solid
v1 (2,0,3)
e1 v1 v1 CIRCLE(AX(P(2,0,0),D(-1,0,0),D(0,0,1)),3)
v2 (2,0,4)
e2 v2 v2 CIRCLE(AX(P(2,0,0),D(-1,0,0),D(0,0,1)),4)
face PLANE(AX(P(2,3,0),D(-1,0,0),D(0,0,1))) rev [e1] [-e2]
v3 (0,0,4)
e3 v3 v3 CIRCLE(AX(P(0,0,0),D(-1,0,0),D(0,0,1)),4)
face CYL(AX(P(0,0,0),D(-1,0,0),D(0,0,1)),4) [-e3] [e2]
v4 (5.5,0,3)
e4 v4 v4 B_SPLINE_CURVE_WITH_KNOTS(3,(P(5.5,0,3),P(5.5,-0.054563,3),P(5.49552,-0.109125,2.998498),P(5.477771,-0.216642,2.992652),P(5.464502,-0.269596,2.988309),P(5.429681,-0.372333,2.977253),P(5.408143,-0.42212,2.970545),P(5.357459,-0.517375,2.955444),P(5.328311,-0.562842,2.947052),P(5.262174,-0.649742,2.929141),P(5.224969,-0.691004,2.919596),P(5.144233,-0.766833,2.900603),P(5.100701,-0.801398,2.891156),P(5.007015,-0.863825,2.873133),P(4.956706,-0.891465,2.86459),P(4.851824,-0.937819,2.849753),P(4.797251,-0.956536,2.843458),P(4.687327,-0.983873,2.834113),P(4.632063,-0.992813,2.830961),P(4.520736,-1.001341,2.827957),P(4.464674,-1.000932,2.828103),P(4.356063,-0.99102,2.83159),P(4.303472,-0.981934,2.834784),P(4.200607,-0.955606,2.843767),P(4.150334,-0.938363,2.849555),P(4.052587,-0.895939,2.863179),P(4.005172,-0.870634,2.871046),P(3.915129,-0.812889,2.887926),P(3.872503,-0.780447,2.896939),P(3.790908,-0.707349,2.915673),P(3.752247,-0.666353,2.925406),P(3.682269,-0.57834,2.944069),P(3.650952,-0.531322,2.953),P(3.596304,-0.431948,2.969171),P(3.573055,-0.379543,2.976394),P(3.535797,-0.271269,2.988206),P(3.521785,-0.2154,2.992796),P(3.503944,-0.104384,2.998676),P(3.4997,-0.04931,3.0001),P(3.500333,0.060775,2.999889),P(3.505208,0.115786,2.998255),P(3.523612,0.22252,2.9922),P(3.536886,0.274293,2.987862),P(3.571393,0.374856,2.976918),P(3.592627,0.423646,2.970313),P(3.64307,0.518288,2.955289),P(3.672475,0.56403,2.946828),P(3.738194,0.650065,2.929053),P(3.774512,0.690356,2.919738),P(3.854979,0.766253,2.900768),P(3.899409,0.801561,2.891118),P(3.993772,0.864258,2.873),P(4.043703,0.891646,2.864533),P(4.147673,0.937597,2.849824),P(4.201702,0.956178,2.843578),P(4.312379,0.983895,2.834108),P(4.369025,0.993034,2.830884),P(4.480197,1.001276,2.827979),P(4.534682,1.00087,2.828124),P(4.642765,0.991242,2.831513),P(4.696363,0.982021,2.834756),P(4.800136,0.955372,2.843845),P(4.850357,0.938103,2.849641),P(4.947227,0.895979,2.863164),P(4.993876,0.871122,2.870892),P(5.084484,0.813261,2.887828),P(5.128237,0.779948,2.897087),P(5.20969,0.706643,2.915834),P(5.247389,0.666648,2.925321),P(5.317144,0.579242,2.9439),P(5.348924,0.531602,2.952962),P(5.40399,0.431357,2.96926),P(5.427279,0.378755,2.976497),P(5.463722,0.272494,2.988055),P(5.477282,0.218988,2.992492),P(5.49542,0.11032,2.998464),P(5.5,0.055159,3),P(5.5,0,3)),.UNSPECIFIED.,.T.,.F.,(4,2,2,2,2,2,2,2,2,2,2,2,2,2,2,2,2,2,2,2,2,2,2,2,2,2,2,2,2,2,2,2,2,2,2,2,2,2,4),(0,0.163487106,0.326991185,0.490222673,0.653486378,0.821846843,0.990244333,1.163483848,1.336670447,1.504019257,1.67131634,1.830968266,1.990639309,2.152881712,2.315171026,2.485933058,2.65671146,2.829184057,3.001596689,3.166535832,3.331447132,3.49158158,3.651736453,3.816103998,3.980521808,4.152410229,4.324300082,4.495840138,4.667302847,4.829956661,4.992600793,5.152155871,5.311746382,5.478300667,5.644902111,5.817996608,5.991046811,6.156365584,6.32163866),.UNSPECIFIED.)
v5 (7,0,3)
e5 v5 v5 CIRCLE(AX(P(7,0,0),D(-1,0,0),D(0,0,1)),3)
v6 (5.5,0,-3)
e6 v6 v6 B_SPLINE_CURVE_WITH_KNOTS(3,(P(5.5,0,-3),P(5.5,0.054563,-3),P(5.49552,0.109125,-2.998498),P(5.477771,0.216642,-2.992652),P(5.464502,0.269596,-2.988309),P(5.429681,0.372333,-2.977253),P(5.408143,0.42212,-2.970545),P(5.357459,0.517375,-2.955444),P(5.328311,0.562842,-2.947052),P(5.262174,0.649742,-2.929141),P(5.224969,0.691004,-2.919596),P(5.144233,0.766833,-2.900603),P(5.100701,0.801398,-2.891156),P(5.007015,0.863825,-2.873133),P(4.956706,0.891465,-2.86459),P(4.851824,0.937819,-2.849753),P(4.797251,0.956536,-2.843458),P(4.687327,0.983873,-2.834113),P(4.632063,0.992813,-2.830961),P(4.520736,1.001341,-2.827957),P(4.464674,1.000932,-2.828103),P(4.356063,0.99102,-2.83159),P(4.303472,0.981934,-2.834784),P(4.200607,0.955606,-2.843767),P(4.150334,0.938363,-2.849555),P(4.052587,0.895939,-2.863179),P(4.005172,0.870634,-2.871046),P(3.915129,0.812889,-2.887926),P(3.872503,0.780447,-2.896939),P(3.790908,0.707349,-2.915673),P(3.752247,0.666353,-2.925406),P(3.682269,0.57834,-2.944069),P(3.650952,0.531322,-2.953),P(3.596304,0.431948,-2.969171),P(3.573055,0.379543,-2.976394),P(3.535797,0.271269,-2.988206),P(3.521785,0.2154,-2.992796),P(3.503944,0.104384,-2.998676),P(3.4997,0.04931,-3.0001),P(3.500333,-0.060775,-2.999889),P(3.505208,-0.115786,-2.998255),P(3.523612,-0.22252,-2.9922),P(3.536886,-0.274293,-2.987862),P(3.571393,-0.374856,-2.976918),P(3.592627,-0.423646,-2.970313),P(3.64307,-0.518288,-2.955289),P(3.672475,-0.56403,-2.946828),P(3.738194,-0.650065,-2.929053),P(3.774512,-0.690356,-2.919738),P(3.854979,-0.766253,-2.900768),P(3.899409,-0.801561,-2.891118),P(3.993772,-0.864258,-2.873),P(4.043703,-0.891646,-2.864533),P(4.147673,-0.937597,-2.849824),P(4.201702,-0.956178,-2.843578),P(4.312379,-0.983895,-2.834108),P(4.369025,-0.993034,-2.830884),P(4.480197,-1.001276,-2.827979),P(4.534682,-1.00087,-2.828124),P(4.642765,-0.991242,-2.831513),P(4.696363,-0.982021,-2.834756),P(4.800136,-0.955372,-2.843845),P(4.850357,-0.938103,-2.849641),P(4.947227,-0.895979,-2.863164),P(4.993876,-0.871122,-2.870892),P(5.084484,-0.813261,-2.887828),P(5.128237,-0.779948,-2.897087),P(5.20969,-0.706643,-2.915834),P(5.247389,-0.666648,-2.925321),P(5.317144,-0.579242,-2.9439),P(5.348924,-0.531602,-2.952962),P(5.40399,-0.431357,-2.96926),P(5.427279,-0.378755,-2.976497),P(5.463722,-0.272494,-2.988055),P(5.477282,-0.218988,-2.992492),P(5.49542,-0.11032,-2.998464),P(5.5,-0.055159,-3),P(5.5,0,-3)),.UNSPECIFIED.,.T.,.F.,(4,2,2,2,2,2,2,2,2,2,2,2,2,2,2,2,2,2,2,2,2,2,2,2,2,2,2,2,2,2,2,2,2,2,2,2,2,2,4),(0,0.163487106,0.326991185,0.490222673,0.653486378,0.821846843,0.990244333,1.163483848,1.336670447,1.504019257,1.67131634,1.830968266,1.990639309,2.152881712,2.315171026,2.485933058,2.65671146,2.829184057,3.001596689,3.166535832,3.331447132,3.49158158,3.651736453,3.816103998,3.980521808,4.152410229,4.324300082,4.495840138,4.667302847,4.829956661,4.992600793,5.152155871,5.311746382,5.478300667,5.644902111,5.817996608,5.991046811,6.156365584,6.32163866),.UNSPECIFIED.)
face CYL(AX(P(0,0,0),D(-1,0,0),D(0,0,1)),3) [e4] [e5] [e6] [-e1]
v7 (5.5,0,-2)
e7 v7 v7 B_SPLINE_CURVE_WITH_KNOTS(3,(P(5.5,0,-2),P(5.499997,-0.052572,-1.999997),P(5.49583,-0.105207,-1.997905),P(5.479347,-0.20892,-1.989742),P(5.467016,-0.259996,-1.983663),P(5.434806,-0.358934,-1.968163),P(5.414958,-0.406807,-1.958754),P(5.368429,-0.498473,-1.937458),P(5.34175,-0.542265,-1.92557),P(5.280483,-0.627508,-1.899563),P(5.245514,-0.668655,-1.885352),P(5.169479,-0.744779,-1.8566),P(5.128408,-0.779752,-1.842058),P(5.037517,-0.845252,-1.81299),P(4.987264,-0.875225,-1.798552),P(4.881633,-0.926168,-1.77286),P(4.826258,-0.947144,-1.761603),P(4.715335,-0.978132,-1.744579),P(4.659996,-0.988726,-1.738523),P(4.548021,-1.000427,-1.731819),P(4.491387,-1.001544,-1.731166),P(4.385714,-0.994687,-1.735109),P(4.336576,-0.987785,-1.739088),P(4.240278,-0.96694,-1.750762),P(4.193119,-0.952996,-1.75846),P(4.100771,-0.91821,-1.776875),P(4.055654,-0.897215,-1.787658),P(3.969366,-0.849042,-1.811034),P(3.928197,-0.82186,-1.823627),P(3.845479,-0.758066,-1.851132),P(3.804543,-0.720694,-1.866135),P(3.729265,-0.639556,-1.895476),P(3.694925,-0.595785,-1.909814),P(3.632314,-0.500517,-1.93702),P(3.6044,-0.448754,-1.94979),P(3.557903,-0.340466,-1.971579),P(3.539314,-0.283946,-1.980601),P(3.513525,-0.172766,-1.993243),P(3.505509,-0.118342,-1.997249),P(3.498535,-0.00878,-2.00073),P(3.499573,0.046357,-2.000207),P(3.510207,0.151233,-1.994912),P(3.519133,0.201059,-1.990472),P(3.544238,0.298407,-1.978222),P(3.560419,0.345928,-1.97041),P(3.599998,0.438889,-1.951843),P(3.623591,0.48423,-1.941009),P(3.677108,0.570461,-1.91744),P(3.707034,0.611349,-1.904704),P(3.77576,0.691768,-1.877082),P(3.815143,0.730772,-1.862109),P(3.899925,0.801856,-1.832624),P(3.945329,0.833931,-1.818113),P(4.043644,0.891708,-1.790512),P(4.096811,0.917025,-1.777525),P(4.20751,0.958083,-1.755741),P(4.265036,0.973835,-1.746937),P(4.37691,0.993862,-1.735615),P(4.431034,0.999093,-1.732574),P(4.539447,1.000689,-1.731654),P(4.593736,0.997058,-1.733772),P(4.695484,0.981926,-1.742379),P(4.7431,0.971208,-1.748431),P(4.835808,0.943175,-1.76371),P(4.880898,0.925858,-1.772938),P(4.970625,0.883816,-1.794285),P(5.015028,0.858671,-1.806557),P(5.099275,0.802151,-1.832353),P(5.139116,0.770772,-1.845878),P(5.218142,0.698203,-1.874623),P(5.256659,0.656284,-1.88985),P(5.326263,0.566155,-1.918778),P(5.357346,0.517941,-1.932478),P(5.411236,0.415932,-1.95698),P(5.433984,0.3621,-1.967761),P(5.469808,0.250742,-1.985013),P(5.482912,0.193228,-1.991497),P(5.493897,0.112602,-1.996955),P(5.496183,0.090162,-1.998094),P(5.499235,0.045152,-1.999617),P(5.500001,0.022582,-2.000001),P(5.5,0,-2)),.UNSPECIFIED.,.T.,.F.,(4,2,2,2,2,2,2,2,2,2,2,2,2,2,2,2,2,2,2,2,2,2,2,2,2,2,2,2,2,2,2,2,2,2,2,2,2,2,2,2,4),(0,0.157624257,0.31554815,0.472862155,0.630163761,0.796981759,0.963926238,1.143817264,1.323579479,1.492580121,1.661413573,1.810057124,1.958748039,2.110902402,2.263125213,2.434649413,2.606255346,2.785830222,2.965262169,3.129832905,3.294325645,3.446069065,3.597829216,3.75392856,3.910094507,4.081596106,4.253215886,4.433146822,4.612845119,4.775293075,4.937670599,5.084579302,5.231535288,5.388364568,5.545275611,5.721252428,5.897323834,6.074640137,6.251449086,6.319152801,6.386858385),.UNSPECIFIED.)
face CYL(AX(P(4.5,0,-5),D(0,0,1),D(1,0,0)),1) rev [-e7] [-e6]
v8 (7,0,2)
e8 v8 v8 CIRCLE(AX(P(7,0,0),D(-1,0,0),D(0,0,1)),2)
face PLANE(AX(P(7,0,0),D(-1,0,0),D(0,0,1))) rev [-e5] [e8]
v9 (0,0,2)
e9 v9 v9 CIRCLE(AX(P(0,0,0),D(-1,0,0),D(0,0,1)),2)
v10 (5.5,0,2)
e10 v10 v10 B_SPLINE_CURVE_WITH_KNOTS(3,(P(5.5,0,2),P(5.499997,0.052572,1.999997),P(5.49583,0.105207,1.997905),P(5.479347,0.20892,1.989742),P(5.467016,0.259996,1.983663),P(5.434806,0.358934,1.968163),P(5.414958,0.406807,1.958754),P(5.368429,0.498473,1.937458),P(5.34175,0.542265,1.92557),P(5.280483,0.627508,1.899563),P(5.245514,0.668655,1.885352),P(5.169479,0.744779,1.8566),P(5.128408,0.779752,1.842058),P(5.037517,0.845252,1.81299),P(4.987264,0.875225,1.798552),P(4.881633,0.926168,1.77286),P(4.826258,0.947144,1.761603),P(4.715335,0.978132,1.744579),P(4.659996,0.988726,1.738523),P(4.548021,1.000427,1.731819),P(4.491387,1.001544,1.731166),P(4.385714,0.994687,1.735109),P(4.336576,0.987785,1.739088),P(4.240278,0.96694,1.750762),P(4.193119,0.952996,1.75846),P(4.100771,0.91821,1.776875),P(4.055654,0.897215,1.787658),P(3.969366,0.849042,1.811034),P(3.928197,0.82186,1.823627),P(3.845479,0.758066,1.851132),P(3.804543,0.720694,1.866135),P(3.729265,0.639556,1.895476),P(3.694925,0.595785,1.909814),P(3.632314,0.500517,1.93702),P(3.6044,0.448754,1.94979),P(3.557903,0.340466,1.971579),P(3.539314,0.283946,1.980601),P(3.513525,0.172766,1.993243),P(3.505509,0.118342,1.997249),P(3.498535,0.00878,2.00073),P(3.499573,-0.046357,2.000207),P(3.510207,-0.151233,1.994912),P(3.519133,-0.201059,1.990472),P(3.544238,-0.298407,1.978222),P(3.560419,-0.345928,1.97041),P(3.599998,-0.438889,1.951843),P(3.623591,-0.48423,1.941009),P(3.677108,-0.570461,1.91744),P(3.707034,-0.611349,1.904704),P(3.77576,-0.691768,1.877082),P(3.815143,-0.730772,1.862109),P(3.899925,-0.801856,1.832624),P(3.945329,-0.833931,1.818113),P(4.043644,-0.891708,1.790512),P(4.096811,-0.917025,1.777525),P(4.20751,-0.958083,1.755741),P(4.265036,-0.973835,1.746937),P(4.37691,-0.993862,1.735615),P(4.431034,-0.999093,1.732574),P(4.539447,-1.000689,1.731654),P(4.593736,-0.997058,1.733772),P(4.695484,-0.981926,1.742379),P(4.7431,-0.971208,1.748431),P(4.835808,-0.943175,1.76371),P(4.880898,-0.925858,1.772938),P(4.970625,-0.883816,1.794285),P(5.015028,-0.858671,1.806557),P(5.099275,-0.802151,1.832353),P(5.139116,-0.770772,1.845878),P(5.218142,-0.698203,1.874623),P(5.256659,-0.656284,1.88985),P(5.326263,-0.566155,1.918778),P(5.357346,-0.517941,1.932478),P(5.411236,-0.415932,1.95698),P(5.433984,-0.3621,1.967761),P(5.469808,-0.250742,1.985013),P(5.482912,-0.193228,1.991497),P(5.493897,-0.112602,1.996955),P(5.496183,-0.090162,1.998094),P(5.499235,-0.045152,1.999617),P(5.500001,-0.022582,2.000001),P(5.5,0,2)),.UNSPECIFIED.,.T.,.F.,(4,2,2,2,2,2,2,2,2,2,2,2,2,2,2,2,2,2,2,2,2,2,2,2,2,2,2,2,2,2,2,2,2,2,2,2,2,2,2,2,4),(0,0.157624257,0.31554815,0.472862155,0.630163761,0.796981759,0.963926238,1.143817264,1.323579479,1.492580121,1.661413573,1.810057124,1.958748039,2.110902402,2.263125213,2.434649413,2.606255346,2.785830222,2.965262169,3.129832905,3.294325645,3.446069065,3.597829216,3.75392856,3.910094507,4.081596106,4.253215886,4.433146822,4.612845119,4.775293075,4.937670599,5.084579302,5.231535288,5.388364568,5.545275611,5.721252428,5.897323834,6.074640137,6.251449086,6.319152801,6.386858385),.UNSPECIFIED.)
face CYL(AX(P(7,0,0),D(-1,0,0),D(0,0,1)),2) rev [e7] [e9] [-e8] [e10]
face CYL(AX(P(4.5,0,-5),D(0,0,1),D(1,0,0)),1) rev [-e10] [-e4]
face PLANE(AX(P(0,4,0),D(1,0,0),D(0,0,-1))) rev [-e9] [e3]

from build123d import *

# Parameters (mm, degrees)
SKETCH3_R          = 2
CUT_EXTRUDE1_DEPTH = 8
SKETCH4_R          = 1
CUT_EXTRUDE2_DEPTH = 5


with BuildPart() as part:
    # Sketch2 → Revolve1 (revolve)
    with BuildSketch(Plane.XY):
        Polygon((0, 0), (7, 0), (7, 3), (2, 3), (2, 4), (0, 4), align=None)
    revolve(axis=Axis((0, 0, 0), (1, 0, 0)))

    # Sketch3 → Cut-Extrude1 (cut, through all)
    with BuildSketch(Plane.ZY):
        Circle(SKETCH3_R)
    extrude(amount=-CUT_EXTRUDE1_DEPTH, mode=Mode.SUBTRACT)

    # Sketch4 → Cut-Extrude2 (cut, symmetric)
    with BuildSketch(Plane.XY):
        with Locations((4.5, 0)):
            Circle(SKETCH4_R)
    extrude(amount=CUT_EXTRUDE2_DEPTH, both=True, mode=Mode.SUBTRACT)


solid = part.part
